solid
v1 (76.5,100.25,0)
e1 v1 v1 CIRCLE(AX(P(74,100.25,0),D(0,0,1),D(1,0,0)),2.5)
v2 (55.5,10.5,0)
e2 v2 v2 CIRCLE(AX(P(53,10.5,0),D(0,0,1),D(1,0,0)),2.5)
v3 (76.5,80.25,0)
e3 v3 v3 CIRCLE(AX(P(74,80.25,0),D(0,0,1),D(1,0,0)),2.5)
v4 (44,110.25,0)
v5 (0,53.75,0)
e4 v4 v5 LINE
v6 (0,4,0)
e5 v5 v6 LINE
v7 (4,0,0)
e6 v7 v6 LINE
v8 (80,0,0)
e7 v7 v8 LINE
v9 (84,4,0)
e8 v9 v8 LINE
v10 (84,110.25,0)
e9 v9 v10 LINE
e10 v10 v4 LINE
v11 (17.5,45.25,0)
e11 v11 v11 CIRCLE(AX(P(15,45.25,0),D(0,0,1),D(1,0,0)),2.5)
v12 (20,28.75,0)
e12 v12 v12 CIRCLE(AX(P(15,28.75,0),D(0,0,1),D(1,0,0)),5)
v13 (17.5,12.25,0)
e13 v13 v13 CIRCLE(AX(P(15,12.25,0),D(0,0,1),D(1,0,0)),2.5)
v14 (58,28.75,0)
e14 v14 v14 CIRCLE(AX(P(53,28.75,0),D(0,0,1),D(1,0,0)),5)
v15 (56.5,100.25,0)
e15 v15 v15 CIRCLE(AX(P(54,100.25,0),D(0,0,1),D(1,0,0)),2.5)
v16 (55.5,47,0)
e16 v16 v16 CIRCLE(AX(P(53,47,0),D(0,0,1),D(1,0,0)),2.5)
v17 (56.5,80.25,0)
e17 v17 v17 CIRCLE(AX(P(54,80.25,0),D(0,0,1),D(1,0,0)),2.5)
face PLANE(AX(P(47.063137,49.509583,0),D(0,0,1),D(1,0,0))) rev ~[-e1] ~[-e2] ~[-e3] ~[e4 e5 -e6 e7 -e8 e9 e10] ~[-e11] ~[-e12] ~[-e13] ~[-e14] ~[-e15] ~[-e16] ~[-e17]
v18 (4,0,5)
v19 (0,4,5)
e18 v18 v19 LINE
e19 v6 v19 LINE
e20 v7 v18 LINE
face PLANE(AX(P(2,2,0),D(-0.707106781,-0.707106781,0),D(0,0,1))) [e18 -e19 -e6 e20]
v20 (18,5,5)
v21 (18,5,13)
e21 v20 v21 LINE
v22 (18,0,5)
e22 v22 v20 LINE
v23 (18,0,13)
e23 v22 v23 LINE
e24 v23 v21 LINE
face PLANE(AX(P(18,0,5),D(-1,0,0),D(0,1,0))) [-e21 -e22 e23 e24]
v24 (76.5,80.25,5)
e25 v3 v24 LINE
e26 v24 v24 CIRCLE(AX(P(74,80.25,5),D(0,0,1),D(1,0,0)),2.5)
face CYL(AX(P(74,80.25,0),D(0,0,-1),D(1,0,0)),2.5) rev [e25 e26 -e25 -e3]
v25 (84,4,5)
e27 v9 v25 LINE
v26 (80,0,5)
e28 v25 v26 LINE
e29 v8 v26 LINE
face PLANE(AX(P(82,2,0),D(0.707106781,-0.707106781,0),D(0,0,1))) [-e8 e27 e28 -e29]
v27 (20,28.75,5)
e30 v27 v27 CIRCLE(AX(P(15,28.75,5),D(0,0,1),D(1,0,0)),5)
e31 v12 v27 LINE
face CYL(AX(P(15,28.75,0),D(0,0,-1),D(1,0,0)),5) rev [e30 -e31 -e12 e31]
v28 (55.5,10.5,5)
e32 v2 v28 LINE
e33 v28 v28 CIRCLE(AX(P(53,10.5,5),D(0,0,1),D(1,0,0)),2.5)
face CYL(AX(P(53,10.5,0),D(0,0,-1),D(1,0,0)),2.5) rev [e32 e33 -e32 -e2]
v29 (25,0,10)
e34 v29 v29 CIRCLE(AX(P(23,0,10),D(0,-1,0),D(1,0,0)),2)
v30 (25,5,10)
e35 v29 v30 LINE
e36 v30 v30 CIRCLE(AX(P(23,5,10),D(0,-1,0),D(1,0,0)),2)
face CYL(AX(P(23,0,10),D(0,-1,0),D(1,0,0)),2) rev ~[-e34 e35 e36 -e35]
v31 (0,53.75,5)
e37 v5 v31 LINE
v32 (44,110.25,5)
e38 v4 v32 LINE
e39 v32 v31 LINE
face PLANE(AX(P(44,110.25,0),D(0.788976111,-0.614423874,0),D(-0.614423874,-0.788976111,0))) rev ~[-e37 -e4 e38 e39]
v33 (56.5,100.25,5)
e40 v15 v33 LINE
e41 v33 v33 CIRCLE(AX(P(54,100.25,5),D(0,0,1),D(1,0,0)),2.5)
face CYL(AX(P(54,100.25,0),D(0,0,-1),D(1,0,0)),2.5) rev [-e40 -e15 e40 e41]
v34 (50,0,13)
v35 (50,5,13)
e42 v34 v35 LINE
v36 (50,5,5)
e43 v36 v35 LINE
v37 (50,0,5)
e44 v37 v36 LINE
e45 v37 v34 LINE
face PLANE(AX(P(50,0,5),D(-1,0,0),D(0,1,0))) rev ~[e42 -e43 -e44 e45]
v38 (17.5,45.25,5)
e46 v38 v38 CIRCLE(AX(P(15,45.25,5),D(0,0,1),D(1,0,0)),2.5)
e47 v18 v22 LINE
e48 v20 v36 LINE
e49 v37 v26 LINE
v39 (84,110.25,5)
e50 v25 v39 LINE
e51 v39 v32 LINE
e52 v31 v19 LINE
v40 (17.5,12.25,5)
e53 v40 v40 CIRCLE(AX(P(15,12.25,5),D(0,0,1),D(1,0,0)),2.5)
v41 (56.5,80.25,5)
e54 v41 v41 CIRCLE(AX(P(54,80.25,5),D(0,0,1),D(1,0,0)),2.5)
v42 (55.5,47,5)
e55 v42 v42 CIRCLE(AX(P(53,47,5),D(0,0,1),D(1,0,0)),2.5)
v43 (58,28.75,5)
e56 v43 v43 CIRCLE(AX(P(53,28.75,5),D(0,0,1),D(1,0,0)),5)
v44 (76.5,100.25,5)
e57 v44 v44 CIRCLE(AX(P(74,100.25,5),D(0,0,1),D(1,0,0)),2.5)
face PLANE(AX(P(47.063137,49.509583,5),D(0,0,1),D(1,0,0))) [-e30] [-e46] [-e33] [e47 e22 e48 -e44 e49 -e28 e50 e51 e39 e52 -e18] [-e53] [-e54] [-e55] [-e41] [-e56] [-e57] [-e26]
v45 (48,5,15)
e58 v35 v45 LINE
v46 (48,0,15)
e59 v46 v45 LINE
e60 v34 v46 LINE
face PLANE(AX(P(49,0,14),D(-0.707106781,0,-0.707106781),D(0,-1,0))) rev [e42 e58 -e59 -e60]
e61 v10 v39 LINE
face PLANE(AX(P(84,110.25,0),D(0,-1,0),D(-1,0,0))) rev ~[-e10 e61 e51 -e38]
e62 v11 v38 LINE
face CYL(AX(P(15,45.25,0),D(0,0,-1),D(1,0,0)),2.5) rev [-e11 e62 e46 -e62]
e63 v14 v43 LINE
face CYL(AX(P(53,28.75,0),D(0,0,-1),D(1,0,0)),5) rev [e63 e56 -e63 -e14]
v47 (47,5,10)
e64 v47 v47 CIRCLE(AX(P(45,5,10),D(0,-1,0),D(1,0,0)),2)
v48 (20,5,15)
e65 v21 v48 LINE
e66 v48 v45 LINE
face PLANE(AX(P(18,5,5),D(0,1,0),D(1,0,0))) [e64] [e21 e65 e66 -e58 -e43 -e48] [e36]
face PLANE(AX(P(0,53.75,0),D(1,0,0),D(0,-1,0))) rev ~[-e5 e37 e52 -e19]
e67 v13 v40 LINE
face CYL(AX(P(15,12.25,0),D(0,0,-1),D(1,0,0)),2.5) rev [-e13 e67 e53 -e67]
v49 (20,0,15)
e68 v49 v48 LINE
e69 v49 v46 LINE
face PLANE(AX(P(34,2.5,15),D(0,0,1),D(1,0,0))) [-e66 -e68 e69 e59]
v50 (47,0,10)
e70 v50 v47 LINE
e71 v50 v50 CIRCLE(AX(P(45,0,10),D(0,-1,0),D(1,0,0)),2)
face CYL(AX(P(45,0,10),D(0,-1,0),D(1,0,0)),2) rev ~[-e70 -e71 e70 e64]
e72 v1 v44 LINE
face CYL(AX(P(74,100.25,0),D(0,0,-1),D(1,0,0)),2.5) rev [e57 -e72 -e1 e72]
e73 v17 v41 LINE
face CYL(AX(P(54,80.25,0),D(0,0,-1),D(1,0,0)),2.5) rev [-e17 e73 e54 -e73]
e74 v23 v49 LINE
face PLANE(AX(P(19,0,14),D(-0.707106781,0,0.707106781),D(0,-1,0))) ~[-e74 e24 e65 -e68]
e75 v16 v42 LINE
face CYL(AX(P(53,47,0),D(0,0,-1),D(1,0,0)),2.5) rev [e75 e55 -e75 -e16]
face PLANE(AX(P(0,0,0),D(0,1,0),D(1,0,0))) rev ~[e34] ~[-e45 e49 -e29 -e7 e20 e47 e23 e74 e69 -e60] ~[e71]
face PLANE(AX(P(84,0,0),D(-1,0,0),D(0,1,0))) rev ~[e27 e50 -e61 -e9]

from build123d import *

# Parameters (mm, degrees)
SKETCH_R        = 2.5
SKETCH_R_2      = 5
PAD_DEPTH       = 5
CHAMFER_SIZE    = 4
SKETCH001_W     = 32
SKETCH001_H     = 5
PAD001_DEPTH    = 10
SKETCH002_R     = 2
POCKET_DEPTH    = 110.251
CHAMFER001_SIZE = 2


with BuildPart() as part:
    # Sketch → Pad (new body)
    with BuildSketch(Plane.XY):
        Polygon((84, 110.25), (44, 110.25), (0, 53.75), (0, 0), (84, 0), align=None)
        with Locations((15, 45.25)):
            Circle(SKETCH_R, mode=Mode.SUBTRACT)
        with Locations((15, 12.25)):
            Circle(SKETCH_R, mode=Mode.SUBTRACT)
        with Locations((15, 28.75)):
            Circle(SKETCH_R_2, mode=Mode.SUBTRACT)
        with Locations((53, 47)):
            Circle(SKETCH_R, mode=Mode.SUBTRACT)
        with Locations((53, 28.75)):
            Circle(SKETCH_R_2, mode=Mode.SUBTRACT)
        with Locations((53, 10.5)):
            Circle(SKETCH_R, mode=Mode.SUBTRACT)
        with Locations((54, 80.25)):
            Circle(SKETCH_R, mode=Mode.SUBTRACT)
        with Locations((74, 80.25)):
            Circle(SKETCH_R, mode=Mode.SUBTRACT)
        with Locations((54, 100.25)):
            Circle(SKETCH_R, mode=Mode.SUBTRACT)
        with Locations((74, 100.25)):
            Circle(SKETCH_R, mode=Mode.SUBTRACT)
    extrude(amount=PAD_DEPTH)

    # Chamfer
    chamfer_edges = [part.edges().sort_by_distance(p)[0] for p in [
        (0, 0, 2.5),
        (84, 0, 2.5),
    ]]
    chamfer(chamfer_edges, length=CHAMFER_SIZE)

    # Sketch001 (on Face5 of Chamfer) → Pad001 (join)
    with BuildSketch(Plane.XY.offset(5)):
        with Locations((34, 2.5)):
            Rectangle(SKETCH001_W, SKETCH001_H)
    extrude(amount=PAD001_DEPTH)

    # Sketch002 (on Face23 of Pad001) → Pocket (cut, through all)
    with BuildSketch(Plane.XZ):
        with Locations((23, 10)):
            Circle(SKETCH002_R)
        with Locations((45, 10)):
            Circle(SKETCH002_R)
    extrude(amount=-POCKET_DEPTH, mode=Mode.SUBTRACT)

    # Chamfer001
    chamfer001_edges = [part.edges().sort_by_distance(p)[0] for p in [
        (18, 2.5, 15),
        (50, 2.5, 15),
    ]]
    chamfer(chamfer001_edges, length=CHAMFER001_SIZE)


solid = part.part
